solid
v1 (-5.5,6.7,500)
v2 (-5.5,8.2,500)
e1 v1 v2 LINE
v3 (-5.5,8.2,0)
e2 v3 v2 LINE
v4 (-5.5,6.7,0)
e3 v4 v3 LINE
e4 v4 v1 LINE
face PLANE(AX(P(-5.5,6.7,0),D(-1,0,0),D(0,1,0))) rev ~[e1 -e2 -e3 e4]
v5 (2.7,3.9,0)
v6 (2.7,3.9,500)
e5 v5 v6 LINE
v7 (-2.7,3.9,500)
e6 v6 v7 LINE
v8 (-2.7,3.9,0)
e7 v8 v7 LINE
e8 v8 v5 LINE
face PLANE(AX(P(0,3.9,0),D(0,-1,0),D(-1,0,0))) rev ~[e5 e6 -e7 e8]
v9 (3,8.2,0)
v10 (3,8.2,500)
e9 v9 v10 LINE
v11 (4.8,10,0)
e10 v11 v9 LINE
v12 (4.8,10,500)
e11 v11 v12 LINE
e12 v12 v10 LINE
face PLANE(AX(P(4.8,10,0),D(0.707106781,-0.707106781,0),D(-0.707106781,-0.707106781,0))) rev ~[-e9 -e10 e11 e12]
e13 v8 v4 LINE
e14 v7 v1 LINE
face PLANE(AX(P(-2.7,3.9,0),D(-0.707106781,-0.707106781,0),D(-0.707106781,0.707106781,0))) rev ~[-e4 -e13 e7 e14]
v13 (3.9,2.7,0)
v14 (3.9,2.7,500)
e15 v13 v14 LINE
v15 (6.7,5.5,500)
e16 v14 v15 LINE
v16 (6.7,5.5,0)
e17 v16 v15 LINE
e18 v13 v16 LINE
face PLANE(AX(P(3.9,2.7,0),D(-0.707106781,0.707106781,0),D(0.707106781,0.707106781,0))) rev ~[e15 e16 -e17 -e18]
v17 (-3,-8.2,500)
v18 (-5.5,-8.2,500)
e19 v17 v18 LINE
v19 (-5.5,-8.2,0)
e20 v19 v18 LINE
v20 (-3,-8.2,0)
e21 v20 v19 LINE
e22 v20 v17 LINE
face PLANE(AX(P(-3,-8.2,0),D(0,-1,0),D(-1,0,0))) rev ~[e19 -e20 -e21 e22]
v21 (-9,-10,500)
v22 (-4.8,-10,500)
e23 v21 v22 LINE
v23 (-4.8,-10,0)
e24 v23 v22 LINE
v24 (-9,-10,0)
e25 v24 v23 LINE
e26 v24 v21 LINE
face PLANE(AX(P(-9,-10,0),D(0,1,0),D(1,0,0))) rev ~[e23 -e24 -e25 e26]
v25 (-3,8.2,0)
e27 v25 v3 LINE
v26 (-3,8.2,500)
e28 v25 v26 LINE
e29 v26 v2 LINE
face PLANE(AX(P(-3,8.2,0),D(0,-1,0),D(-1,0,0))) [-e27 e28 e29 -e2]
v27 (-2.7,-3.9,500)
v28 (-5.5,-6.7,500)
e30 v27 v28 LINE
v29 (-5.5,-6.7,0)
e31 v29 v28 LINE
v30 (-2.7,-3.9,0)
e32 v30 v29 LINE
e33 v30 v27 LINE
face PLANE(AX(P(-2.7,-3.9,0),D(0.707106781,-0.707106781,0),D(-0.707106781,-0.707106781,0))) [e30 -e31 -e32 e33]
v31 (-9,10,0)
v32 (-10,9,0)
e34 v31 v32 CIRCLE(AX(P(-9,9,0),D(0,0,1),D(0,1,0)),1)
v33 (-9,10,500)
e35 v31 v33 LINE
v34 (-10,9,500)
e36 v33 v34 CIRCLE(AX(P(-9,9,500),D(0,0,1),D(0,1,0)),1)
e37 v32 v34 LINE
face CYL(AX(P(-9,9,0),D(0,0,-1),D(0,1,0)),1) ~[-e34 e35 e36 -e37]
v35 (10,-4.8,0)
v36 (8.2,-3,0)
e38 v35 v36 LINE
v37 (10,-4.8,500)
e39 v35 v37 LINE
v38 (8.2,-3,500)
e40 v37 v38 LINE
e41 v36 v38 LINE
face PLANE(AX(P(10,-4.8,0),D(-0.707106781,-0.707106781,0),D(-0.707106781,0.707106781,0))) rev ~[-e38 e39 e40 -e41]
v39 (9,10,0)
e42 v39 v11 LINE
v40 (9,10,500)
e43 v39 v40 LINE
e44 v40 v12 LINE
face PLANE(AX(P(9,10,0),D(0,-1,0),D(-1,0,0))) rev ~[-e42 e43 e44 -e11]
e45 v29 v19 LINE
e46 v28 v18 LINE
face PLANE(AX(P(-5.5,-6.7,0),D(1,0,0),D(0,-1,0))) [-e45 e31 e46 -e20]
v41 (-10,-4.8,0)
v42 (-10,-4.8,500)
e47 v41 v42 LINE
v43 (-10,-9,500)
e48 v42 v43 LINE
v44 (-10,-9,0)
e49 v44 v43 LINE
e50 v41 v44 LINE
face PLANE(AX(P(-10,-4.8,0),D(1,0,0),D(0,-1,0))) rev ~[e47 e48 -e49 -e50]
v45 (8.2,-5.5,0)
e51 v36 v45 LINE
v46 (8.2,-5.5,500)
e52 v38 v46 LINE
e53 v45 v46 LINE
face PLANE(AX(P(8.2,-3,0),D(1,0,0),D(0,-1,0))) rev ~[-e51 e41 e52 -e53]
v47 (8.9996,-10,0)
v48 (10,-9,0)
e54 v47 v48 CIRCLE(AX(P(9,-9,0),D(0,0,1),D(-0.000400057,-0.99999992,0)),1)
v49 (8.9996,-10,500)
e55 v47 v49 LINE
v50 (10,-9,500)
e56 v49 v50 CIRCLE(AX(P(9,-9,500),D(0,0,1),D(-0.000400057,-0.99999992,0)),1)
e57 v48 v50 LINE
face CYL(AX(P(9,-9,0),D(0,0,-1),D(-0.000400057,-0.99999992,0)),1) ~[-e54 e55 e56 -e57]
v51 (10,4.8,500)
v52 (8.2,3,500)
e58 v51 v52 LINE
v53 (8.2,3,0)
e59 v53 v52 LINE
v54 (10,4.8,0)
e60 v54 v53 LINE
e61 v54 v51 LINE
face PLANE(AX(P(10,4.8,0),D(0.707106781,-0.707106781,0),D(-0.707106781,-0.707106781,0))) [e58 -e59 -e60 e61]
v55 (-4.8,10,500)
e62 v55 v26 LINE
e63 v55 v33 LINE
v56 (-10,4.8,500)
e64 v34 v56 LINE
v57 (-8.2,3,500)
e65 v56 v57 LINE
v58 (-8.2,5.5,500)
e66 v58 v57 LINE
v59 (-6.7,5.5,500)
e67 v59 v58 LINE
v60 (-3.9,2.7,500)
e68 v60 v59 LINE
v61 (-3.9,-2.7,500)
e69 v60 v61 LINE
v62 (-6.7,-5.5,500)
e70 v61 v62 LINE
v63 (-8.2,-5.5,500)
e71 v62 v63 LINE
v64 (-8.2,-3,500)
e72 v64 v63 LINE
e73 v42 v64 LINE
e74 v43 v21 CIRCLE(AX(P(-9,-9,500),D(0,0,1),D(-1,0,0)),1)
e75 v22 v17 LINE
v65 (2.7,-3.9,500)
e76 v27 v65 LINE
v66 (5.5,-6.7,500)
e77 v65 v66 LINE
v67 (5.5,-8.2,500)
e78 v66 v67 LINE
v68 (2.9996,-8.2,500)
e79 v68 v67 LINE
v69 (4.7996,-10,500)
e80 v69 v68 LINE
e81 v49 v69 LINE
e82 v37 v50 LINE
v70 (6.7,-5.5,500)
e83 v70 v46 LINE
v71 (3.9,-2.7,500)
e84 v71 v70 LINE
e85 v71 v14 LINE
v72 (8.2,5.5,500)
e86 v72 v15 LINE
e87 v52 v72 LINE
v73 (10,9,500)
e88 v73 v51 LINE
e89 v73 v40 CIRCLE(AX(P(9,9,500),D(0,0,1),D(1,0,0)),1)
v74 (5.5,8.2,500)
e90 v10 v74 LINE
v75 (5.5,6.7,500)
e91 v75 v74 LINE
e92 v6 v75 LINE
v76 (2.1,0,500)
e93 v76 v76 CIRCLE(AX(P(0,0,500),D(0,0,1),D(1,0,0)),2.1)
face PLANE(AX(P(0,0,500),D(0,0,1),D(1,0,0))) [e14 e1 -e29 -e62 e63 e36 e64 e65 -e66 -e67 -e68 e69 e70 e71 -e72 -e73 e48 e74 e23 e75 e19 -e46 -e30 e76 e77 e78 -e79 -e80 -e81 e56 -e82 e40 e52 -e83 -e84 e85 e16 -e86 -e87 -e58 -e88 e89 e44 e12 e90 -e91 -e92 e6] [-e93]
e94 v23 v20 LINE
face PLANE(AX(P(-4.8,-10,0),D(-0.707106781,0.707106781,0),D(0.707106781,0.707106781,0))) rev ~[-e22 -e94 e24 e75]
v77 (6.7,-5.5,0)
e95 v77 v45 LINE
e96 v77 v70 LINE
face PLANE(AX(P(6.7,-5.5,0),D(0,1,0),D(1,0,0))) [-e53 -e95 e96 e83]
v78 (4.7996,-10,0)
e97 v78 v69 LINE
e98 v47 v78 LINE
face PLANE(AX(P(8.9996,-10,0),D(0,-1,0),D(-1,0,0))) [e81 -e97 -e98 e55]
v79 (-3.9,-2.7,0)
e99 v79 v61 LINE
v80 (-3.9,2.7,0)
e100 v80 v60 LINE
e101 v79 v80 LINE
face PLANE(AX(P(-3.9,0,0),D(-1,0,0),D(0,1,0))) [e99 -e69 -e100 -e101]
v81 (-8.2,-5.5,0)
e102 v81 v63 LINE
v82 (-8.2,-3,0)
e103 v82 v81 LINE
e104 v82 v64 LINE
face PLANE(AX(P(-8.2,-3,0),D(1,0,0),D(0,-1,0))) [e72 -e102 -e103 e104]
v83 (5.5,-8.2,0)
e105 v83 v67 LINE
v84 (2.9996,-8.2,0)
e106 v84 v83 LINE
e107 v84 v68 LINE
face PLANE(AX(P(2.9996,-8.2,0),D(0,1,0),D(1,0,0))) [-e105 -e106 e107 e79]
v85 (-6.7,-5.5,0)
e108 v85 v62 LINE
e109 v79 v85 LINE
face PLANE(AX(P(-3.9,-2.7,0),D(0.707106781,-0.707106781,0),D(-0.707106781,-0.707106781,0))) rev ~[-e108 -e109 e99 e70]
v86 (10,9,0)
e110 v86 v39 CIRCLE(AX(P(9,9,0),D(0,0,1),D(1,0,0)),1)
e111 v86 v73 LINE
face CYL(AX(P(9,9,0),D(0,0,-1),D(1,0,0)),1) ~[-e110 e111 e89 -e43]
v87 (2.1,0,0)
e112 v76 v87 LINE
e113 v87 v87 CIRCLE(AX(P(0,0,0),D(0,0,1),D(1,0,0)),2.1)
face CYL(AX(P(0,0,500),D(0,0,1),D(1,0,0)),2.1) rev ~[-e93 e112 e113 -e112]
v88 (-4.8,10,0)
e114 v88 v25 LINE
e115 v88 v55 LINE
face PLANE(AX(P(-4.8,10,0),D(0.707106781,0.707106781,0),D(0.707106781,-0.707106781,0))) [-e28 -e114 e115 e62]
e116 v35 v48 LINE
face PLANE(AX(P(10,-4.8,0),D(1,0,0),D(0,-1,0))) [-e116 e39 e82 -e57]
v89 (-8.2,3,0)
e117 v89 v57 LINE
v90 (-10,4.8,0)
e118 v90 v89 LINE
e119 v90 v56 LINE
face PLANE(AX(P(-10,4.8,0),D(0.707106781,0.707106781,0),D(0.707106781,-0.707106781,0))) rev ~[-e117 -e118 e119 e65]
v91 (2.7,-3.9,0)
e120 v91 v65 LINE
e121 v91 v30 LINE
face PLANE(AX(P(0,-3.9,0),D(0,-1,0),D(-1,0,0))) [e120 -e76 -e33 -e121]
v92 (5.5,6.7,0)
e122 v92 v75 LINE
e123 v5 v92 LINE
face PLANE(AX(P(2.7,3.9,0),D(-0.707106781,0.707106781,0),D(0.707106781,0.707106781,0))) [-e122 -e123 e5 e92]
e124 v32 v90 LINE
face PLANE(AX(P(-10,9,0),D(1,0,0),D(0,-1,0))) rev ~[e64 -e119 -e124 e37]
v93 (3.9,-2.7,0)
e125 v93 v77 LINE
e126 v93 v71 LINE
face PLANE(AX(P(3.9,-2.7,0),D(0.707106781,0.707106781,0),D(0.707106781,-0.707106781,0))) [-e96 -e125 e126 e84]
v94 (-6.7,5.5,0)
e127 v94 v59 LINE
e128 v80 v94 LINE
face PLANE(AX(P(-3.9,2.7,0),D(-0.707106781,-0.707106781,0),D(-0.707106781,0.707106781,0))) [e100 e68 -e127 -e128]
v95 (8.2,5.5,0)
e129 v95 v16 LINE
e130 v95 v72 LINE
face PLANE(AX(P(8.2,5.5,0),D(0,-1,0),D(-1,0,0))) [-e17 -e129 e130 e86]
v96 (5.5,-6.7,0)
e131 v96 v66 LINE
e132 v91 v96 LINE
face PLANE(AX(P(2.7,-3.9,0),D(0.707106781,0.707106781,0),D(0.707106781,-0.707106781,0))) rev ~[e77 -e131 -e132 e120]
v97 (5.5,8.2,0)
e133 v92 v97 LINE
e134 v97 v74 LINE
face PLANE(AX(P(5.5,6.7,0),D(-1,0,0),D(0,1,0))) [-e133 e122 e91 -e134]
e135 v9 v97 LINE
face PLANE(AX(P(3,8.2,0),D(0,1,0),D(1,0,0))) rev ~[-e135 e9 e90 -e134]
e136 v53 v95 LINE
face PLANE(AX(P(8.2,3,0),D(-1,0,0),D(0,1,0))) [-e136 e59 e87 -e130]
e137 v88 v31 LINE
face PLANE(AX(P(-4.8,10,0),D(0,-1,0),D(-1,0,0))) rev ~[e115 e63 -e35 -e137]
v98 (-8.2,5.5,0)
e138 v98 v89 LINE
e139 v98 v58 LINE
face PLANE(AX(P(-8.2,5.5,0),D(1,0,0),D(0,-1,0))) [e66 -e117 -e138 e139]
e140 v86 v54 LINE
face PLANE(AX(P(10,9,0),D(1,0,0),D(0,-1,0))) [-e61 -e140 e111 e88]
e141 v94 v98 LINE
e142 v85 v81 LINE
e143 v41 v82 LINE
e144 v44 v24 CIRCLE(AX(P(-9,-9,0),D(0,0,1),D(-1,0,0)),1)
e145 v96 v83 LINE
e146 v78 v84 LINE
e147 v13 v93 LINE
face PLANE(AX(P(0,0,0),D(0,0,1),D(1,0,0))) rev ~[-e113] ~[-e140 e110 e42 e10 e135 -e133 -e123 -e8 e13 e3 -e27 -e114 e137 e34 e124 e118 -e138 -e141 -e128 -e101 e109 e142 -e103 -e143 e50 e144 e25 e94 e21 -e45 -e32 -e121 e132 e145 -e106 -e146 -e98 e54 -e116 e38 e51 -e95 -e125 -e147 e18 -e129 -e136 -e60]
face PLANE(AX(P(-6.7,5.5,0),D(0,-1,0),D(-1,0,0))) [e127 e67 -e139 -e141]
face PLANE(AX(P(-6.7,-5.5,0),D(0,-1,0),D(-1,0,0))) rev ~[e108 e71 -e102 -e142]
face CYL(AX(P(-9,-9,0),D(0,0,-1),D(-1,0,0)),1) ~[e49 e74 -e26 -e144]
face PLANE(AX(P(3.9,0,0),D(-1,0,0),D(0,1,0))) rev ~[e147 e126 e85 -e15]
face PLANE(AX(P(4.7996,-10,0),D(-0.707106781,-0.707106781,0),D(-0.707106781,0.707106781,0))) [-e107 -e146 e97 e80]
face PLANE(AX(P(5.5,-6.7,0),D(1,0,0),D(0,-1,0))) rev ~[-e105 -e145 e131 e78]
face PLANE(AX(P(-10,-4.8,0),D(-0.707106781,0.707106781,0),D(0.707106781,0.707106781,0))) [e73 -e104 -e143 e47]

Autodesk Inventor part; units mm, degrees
ref_plane "YZ Plane" through (0, 0, 0) normal (1, 0, 0) x (0, 1, 0)
ref_plane "XZ Plane" through (0, 0, 0) normal (0, 1, 0) x (-1, 0, 0)
ref_plane "XY Plane" through (0, 0, 0) normal (0, 0, 1) x (1, 0, 0)
sketch "Эскиз1" plane through (0, 0, 0) normal (0, 0, 1) x (1, 0, 0)
  line L0 (-4.8, 10) -> (-3, 8.2)
  line L1 (-4.8, 10) -> (-2.2544, 10) construction
  line L2 (4.8, 10) -> (3, 8.2)
  line L3 (4.8, 10) -> (7.3456, 10) construction
  line L4 (10, 4.8) -> (8.2, 3)
  arc A0 (-9, 10) -> (-10, 9) centre (-9, 9) ccw
  arc A1 (10, 9) -> (9, 10) centre (9, 9) ccw
  arc A2 (-10, -9) -> (-9, -10) centre (-9, -9) ccw
  arc A3 (8.9996, -10) -> (10, -9) centre (9, -9) ccw
  line L5 (0, 3.9) -> (-2.7, 3.9)
  line L6 (0, 3.9) -> (2.7, 3.9)
  line L7 (3, 8.2) -> (5.5, 8.2)
  line L8 (2.7, 3.9) -> (5.5, 6.7)
  line L9 (5.5, 6.7) -> (5.5, 8.2)
  line L10 (3.9, 0) -> (3.9, 2.7)
  line L11 (3.9, 0) -> (3.9, -2.7)
  line L12 (3.9, 2.7) -> (6.7, 5.5)
  line L13 (3.9, 2.7) -> (7.8598, 2.7) construction
  line L14 (9, 10) -> (4.8, 10)
  line L15 (-4.8, 10) -> (-9, 10)
  line L16 (0, -3.9) -> (-2.7, -3.9)
  line L17 (0, -3.9) -> (2.7, -3.9)
  line L18 (-3.9, 0) -> (-3.9, -2.7)
  line L19 (-3.9, 0) -> (-3.9, 2.7)
  line L20 (8.2, 3) -> (8.2, 5.5)
  line L21 (8.2, 5.5) -> (6.7, 5.5)
  line L22 (-10, -4.8) -> (-7.4544, -4.8) construction
  line L23 (-4.8, -10) -> (-3, -8.2)
  line L24 (-4.8, -10) -> (-2.2544, -10) construction
  line L25 (4.7996, -10) -> (2.9996, -8.2)
  line L26 (4.7996, -10) -> (7.3452, -10) construction
  line L27 (10, -4.8) -> (8.2, -3)
  line L28 (8.9996, -10) -> (4.7996, -10)
  line L29 (-9, -10) -> (-4.8, -10)
  line L30 (10, -4.8) -> (10, -9)
  line L31 (10, 9) -> (10, 4.8)
  line L32 (-10, -4.8) -> (-10, -9)
  line L33 (-3, 8.2) -> (-5.5, 8.2)
  line L34 (-2.7, 3.9) -> (-5.5, 6.7)
  line L35 (-2.7, 3.9) -> (1.2598, 3.9) construction
  line L36 (-5.5, 6.7) -> (-5.5, 8.2)
  line L37 (-3.9, 2.7) -> (-6.7, 5.5)
  line L38 (-6.7, 5.5) -> (-8.2, 5.5)
  line L39 (-8.2, -3) -> (-8.2, -5.5)
  line L40 (-3, -8.2) -> (-5.5, -8.2)
  line L41 (2.9996, -8.2) -> (5.5, -8.2)
  line L42 (8.2, -3) -> (8.2, -5.5)
  line L43 (-3.9, -2.7) -> (-6.7, -5.5)
  line L44 (-6.7, -5.5) -> (-8.2, -5.5)
  line L45 (-2.7, -3.9) -> (-5.5, -6.7)
  line L46 (-5.5, -6.7) -> (-5.5, -8.2)
  line L47 (-10, 9) -> (-10, 4.8)
  line L48 (-10, 4.8) -> (-8.2, 3)
  line L49 (-8.2, 5.5) -> (-8.2, 3)
  line L50 (-10, -4.8) -> (-8.2, -3)
  line L51 (2.7, -3.9) -> (5.5, -6.7)
  line L52 (5.5, -6.7) -> (5.5, -8.2)
  line L53 (3.9, -2.7) -> (6.7, -5.5)
  line L54 (6.7, -5.5) -> (8.2, -5.5)
  point P0 (0, 0)
  dimension "d16" = 45
  dimension "d17" = 135
  dimension "d25" = 6
  dimension "d29" = 1
  dimension "d30" = 1
  dimension "d31" = 2.7
  dimension "d32" = 2.7
  dimension "d34" = 2.5
  dimension "d36" = 2.7
  dimension "d37" = 2.7
  dimension "d38" = 3.9
  dimension "d39" = 45
  dimension "d42" = 2.7
  dimension "d43" = 2.7
  dimension "d44" = 3.9
  dimension "d45" = 2.7
  dimension "d46" = 2.7
  dimension "d48" = 10
  dimension "d49" = 10
  dimension "d55" = 4.5
  dimension "d58" = 9
  dimension "d59" = 9
  dimension "d60" = 2.5
  dimension "d61" = 2.8
  dimension "d63" = 1.6971
  dimension "d65" = 45
  dimension "d67" = 135
  dimension "d73" = 10
  dimension "d74" = 10
  dimension "d77" = 18
  dimension "d78" = 18
  dimension "d79" = 135
  dimension "d80" = 135
  dimension "d81" = 4.5
  dimension "d82" = 1.8
  dimension "d83" = 1.8
  dimension "d84" = 1
  dimension "d85" = 1
  dimension "d87" = 4.5
  dimension "d89" = 1.8
  dimension "d91" = 135
  dimension "d92" = 1.6971
  dimension "d94" = 4.5
  dimension "d95" = 1.8
  dimension "d96" = 4.5
  dimension "d97" = 1.8
  dimension "d98" = 4.5
  dimension "d99" = 1.8
  dimension "d100" = 1.8
  dimension "d107" = 4.2
  dimension "d108" = 10
  dimension "d109" = 4.5
  dimension "d110" = 1.8
  dimension "d111" = 135
  dimension "d112" = 4.2
  dimension "d113" = 4.2
  dimension "d114" = 6
  dimension "d115" = 135
  dimension "d116" = 1.6971
  dimension "d117" = 4.2
  dimension "d118" = 4.2
  dimension "d119" = 4.5
  dimension "d120" = 135
  dimension "d121" = 1.5
extrude "Выдавливание2" add sketch "Эскиз1" along normal blind 500
sketch "Эскиз2" plane through (0, 0, 500) normal (0, 0, 1) x (1, 0, 0)
  circle A0 centre (0, 0) radius 2.1
  dimension "d131" = 4.2
extrude "Выдавливание3" cut sketch "Эскиз2" against normal through all
properties part number "Профиль_аллюминиевый500"
